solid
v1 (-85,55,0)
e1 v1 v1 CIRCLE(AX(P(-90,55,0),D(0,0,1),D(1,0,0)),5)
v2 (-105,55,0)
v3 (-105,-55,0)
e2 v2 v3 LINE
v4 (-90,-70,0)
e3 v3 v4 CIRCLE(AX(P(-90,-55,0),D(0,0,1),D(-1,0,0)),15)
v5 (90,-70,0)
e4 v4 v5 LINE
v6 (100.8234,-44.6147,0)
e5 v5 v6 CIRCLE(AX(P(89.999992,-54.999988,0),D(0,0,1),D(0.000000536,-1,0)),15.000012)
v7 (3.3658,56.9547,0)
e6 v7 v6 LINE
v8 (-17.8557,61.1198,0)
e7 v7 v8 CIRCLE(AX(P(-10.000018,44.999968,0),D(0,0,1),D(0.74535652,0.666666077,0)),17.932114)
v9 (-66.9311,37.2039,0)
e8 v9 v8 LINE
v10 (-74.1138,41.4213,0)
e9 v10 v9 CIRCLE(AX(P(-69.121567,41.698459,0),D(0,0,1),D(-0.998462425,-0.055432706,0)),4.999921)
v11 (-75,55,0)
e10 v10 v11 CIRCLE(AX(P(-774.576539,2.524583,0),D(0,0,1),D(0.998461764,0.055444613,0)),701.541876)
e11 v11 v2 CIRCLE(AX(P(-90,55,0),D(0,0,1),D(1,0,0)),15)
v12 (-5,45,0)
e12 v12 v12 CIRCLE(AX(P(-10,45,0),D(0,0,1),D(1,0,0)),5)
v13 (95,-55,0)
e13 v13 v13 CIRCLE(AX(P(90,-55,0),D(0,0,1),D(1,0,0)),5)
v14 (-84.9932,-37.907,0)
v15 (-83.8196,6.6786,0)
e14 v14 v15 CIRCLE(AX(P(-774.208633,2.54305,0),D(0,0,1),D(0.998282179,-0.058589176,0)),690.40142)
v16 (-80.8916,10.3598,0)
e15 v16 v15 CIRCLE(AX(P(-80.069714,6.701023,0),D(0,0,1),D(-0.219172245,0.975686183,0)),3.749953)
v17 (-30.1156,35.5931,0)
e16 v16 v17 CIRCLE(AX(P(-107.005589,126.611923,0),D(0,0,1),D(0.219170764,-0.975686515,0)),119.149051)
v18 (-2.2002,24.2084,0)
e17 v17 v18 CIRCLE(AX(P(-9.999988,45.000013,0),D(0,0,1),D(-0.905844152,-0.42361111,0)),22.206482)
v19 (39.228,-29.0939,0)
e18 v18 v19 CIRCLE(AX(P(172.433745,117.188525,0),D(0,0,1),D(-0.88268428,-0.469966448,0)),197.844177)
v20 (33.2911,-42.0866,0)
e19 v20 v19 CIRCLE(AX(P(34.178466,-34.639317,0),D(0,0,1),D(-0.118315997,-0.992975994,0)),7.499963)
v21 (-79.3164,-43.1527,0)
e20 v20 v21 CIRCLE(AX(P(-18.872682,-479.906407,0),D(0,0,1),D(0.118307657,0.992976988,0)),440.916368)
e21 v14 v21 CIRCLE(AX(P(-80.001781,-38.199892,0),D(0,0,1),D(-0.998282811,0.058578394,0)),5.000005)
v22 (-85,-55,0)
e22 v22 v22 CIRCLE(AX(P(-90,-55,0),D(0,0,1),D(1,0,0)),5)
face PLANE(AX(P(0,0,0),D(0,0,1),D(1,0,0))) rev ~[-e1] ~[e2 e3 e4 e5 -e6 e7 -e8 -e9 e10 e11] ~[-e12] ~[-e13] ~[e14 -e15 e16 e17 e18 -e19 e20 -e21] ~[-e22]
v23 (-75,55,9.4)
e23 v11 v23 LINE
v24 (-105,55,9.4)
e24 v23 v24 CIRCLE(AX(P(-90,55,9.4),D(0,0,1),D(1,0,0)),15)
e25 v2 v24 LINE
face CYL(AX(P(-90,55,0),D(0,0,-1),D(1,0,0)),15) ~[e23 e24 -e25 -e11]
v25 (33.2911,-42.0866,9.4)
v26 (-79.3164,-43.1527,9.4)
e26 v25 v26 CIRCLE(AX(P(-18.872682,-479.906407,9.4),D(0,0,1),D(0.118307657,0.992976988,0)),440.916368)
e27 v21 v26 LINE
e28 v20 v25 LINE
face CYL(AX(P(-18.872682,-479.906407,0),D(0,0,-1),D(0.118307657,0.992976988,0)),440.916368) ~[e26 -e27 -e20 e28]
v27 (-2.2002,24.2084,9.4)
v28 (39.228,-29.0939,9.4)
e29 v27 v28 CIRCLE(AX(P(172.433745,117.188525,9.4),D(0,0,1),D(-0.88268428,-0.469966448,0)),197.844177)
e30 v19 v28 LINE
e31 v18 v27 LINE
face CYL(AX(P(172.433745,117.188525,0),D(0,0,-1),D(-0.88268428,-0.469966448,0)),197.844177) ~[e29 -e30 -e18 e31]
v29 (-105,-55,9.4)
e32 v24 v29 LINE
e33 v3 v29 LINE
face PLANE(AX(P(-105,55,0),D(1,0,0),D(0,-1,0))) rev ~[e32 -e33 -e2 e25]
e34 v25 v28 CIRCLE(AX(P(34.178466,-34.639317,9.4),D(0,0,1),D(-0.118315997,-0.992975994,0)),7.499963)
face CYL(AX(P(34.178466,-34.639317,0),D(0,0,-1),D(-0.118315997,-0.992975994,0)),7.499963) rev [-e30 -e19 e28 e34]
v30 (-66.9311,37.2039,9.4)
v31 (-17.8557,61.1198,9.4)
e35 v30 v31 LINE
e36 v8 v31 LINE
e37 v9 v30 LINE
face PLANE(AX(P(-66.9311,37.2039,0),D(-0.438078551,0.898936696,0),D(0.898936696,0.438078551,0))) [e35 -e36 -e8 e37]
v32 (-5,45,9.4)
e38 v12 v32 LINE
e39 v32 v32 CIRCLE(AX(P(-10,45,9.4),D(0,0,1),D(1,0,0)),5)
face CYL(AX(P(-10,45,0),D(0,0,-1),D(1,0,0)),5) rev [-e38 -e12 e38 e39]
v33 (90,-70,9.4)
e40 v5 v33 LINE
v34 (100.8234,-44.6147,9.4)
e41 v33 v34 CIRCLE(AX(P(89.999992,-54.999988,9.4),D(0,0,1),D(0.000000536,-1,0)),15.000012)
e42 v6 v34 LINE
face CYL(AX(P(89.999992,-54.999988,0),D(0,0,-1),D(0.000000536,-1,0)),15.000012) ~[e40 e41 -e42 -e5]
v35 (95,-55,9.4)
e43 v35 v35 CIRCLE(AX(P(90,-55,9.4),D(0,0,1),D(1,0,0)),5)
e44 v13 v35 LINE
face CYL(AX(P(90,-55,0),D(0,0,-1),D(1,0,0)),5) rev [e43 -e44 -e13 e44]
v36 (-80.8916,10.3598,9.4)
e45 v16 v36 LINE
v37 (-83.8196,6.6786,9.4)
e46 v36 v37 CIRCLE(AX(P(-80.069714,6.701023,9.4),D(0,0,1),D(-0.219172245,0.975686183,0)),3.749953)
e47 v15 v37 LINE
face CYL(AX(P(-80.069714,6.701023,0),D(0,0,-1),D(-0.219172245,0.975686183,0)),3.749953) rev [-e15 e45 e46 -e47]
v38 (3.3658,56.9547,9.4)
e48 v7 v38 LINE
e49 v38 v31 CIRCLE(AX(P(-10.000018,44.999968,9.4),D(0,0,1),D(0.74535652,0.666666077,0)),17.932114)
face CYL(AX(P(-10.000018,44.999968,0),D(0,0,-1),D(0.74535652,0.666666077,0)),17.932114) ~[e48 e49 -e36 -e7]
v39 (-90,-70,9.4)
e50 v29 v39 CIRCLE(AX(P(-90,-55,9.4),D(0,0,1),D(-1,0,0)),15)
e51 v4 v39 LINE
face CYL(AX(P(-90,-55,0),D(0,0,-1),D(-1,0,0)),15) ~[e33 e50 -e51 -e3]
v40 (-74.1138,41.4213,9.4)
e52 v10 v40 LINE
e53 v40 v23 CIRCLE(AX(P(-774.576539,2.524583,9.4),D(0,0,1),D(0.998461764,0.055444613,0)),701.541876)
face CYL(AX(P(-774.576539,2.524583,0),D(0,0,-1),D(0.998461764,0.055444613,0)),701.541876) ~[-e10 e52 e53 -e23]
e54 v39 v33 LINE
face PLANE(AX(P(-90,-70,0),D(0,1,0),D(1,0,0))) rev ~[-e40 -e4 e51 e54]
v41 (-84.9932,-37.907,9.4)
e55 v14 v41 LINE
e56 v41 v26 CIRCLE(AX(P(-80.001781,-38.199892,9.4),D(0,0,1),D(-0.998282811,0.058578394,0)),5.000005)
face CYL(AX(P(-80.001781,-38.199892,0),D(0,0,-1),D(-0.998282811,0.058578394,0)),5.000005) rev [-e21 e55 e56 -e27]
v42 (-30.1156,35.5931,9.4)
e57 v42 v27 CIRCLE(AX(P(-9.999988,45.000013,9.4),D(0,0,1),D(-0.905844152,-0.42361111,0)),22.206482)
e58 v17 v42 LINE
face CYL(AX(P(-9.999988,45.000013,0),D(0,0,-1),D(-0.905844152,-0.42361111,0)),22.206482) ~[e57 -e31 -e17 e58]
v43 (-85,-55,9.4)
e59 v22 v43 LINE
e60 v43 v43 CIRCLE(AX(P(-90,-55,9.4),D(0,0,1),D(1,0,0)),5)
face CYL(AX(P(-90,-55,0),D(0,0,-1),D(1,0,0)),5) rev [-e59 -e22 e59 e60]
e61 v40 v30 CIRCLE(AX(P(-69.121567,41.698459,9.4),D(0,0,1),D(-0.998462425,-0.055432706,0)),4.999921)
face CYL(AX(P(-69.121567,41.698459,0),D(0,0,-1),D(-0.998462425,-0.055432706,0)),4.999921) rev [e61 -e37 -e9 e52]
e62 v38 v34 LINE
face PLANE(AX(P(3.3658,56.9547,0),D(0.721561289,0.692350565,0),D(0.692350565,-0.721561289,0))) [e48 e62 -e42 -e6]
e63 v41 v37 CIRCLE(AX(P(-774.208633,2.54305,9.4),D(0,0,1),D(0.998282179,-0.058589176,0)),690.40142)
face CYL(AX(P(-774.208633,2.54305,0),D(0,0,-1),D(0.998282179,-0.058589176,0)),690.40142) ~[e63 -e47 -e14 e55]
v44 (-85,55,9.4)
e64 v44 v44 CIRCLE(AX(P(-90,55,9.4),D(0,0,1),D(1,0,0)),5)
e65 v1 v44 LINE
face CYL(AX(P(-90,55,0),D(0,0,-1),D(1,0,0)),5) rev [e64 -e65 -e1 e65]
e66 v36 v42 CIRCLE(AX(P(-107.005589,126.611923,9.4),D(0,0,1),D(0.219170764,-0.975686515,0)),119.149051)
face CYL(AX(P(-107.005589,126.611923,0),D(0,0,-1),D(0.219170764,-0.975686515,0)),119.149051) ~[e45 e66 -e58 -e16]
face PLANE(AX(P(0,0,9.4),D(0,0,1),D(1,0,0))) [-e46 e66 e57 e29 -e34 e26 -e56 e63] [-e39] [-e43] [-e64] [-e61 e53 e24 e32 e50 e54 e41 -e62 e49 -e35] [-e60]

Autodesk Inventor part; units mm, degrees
ref_plane "YZ Plane" through (0, 0, 0) normal (1, 0, 0) x (0, 1, 0)
ref_plane "XZ Plane" through (0, 0, 0) normal (0, 1, 0) x (-1, 0, 0)
ref_plane "XY Plane" through (0, 0, 0) normal (0, 0, 1) x (1, 0, 0)
sketch "Sketch1" plane through (0, 0, 0) normal (0, 0, 1) x (1, 0, 0)
  line L0 (-110, 70) -> (110, 70) construction
  line L1 (110, 70) -> (110, -70) construction
  line L2 (110, -70) -> (-110, -70) construction
  line L3 (-110, -70) -> (-110, 70) construction
  circle A0 centre (-90, 55) radius 5
  circle A1 centre (-90, -55) radius 5
  circle A2 centre (90, -55) radius 5
  circle A3 centre (-10, 45) radius 5
  line L4 (-67, 0) -> (-42, 0) construction
  line L5 (-42, 0) -> (-42, -30) construction
  line L6 (-42, -30) -> (-67, -30) construction
  line L7 (-67, -30) -> (-67, 0) construction
  circle A4 centre (-54.5, -11) radius 10 construction
  circle A5 centre (-63.5044, -24.4163) radius 3 construction
  circle A6 centre (-57.3559, -26.4695) radius 3 construction
  circle A7 centre (-51.263, -24.6531) radius 3 construction
  circle A8 centre (-45.3418, -26.5938) radius 3 construction
  arc A9 (-75, 55) -> (-105, 55) centre (-90, 55) ccw
  arc A10 (-105, -55) -> (-90, -70) centre (-90, -55) ccw
  arc A11 (90, -70) -> (100.8234, -44.6147) centre (90, -55) ccw
  line L8 (-105, 55) -> (-105, -55)
  line L9 (-66.9311, 37.2039) -> (-17.8557, 61.1198)
  arc A12 (-80.8916, 10.3598) -> (-30.1156, 35.5931) centre (-107.0059, 126.6128) ccw
  arc A13 (-84.9932, -37.907) -> (-83.8196, 6.6786) centre (-774.2451, 2.5446) ccw
  arc A14 (-74.1138, 41.4213) -> (-75, 55) centre (-774.2451, 2.5446) ccw
  line L10 (3.3658, 56.9547) -> (100.8234, -44.6147)
  arc A15 (-30.1156, 35.5931) -> (-2.2002, 24.2084) centre (-10, 45) ccw
  arc A16 (3.3658, 56.9547) -> (-17.8557, 61.1198) centre (-10, 45) ccw
  arc A17 (-74.1138, 41.4213) -> (-66.9311, 37.2039) centre (-69.1215, 41.6985) ccw
  arc A18 (-80.8916, 10.3598) -> (-83.8196, 6.6786) centre (-80.0697, 6.701) ccw
  line L11 (-90, -70) -> (90, -70)
  arc A19 (33.2911, -42.0866) -> (-79.3164, -43.1527) centre (-18.8726, -479.9049) ccw
  arc A20 (33.2911, -42.0866) -> (39.228, -29.0939) centre (34.1784, -34.6392) ccw
  arc A21 (-2.2002, 24.2084) -> (39.228, -29.0939) centre (172.4317, 117.1872) ccw
  arc A22 (-84.9932, -37.907) -> (-79.3164, -43.1527) centre (-80.0018, -38.1999) ccw
  point P0 (0, 0)
  dimension "d1" = 70
  dimension "d2" = 70
  dimension "d3" = 110
  dimension "d4" = 110
  dimension "d5" = 10
  dimension "d6" = 10
  dimension "d7" = 10
  dimension "d8" = 10
  dimension "d9" = 55
  dimension "d10" = 55
  dimension "d11" = 55
  dimension "d12" = 180
  dimension "d13" = 90
  dimension "d14" = 90
  dimension "d15" = 10
  dimension "d16" = 45
  dimension "d17" = 42
  dimension "d18" = 30
  dimension "d19" = 0
  dimension "d20" = 25
  dimension "d21" = 20
  dimension "d22" = 6
  dimension "d23" = 6
  dimension "d24" = 6
  dimension "d25" = 11
  dimension "d26" = 12.5
  dimension "d27" = 6
  dimension "d50" = 30
  dimension "d51" = 30
  dimension "d52" = 30
  dimension "d53" = 10
  dimension "d54" = 7.5
  dimension "d57" = 15
  dimension "d58" = 10
extrude "Extrusion4" add sketch "Sketch1" along normal blind 9.4
equation "\"d1\" = d2"
equation "\"d4\" = d3"
equation "\"d10\" = d9"
equation "\"d11\" = d9"
equation "\"d14\" = d13"
equation "\"d26\" = 0.5 * d20"
properties part number "Bracket Concept MK6"
